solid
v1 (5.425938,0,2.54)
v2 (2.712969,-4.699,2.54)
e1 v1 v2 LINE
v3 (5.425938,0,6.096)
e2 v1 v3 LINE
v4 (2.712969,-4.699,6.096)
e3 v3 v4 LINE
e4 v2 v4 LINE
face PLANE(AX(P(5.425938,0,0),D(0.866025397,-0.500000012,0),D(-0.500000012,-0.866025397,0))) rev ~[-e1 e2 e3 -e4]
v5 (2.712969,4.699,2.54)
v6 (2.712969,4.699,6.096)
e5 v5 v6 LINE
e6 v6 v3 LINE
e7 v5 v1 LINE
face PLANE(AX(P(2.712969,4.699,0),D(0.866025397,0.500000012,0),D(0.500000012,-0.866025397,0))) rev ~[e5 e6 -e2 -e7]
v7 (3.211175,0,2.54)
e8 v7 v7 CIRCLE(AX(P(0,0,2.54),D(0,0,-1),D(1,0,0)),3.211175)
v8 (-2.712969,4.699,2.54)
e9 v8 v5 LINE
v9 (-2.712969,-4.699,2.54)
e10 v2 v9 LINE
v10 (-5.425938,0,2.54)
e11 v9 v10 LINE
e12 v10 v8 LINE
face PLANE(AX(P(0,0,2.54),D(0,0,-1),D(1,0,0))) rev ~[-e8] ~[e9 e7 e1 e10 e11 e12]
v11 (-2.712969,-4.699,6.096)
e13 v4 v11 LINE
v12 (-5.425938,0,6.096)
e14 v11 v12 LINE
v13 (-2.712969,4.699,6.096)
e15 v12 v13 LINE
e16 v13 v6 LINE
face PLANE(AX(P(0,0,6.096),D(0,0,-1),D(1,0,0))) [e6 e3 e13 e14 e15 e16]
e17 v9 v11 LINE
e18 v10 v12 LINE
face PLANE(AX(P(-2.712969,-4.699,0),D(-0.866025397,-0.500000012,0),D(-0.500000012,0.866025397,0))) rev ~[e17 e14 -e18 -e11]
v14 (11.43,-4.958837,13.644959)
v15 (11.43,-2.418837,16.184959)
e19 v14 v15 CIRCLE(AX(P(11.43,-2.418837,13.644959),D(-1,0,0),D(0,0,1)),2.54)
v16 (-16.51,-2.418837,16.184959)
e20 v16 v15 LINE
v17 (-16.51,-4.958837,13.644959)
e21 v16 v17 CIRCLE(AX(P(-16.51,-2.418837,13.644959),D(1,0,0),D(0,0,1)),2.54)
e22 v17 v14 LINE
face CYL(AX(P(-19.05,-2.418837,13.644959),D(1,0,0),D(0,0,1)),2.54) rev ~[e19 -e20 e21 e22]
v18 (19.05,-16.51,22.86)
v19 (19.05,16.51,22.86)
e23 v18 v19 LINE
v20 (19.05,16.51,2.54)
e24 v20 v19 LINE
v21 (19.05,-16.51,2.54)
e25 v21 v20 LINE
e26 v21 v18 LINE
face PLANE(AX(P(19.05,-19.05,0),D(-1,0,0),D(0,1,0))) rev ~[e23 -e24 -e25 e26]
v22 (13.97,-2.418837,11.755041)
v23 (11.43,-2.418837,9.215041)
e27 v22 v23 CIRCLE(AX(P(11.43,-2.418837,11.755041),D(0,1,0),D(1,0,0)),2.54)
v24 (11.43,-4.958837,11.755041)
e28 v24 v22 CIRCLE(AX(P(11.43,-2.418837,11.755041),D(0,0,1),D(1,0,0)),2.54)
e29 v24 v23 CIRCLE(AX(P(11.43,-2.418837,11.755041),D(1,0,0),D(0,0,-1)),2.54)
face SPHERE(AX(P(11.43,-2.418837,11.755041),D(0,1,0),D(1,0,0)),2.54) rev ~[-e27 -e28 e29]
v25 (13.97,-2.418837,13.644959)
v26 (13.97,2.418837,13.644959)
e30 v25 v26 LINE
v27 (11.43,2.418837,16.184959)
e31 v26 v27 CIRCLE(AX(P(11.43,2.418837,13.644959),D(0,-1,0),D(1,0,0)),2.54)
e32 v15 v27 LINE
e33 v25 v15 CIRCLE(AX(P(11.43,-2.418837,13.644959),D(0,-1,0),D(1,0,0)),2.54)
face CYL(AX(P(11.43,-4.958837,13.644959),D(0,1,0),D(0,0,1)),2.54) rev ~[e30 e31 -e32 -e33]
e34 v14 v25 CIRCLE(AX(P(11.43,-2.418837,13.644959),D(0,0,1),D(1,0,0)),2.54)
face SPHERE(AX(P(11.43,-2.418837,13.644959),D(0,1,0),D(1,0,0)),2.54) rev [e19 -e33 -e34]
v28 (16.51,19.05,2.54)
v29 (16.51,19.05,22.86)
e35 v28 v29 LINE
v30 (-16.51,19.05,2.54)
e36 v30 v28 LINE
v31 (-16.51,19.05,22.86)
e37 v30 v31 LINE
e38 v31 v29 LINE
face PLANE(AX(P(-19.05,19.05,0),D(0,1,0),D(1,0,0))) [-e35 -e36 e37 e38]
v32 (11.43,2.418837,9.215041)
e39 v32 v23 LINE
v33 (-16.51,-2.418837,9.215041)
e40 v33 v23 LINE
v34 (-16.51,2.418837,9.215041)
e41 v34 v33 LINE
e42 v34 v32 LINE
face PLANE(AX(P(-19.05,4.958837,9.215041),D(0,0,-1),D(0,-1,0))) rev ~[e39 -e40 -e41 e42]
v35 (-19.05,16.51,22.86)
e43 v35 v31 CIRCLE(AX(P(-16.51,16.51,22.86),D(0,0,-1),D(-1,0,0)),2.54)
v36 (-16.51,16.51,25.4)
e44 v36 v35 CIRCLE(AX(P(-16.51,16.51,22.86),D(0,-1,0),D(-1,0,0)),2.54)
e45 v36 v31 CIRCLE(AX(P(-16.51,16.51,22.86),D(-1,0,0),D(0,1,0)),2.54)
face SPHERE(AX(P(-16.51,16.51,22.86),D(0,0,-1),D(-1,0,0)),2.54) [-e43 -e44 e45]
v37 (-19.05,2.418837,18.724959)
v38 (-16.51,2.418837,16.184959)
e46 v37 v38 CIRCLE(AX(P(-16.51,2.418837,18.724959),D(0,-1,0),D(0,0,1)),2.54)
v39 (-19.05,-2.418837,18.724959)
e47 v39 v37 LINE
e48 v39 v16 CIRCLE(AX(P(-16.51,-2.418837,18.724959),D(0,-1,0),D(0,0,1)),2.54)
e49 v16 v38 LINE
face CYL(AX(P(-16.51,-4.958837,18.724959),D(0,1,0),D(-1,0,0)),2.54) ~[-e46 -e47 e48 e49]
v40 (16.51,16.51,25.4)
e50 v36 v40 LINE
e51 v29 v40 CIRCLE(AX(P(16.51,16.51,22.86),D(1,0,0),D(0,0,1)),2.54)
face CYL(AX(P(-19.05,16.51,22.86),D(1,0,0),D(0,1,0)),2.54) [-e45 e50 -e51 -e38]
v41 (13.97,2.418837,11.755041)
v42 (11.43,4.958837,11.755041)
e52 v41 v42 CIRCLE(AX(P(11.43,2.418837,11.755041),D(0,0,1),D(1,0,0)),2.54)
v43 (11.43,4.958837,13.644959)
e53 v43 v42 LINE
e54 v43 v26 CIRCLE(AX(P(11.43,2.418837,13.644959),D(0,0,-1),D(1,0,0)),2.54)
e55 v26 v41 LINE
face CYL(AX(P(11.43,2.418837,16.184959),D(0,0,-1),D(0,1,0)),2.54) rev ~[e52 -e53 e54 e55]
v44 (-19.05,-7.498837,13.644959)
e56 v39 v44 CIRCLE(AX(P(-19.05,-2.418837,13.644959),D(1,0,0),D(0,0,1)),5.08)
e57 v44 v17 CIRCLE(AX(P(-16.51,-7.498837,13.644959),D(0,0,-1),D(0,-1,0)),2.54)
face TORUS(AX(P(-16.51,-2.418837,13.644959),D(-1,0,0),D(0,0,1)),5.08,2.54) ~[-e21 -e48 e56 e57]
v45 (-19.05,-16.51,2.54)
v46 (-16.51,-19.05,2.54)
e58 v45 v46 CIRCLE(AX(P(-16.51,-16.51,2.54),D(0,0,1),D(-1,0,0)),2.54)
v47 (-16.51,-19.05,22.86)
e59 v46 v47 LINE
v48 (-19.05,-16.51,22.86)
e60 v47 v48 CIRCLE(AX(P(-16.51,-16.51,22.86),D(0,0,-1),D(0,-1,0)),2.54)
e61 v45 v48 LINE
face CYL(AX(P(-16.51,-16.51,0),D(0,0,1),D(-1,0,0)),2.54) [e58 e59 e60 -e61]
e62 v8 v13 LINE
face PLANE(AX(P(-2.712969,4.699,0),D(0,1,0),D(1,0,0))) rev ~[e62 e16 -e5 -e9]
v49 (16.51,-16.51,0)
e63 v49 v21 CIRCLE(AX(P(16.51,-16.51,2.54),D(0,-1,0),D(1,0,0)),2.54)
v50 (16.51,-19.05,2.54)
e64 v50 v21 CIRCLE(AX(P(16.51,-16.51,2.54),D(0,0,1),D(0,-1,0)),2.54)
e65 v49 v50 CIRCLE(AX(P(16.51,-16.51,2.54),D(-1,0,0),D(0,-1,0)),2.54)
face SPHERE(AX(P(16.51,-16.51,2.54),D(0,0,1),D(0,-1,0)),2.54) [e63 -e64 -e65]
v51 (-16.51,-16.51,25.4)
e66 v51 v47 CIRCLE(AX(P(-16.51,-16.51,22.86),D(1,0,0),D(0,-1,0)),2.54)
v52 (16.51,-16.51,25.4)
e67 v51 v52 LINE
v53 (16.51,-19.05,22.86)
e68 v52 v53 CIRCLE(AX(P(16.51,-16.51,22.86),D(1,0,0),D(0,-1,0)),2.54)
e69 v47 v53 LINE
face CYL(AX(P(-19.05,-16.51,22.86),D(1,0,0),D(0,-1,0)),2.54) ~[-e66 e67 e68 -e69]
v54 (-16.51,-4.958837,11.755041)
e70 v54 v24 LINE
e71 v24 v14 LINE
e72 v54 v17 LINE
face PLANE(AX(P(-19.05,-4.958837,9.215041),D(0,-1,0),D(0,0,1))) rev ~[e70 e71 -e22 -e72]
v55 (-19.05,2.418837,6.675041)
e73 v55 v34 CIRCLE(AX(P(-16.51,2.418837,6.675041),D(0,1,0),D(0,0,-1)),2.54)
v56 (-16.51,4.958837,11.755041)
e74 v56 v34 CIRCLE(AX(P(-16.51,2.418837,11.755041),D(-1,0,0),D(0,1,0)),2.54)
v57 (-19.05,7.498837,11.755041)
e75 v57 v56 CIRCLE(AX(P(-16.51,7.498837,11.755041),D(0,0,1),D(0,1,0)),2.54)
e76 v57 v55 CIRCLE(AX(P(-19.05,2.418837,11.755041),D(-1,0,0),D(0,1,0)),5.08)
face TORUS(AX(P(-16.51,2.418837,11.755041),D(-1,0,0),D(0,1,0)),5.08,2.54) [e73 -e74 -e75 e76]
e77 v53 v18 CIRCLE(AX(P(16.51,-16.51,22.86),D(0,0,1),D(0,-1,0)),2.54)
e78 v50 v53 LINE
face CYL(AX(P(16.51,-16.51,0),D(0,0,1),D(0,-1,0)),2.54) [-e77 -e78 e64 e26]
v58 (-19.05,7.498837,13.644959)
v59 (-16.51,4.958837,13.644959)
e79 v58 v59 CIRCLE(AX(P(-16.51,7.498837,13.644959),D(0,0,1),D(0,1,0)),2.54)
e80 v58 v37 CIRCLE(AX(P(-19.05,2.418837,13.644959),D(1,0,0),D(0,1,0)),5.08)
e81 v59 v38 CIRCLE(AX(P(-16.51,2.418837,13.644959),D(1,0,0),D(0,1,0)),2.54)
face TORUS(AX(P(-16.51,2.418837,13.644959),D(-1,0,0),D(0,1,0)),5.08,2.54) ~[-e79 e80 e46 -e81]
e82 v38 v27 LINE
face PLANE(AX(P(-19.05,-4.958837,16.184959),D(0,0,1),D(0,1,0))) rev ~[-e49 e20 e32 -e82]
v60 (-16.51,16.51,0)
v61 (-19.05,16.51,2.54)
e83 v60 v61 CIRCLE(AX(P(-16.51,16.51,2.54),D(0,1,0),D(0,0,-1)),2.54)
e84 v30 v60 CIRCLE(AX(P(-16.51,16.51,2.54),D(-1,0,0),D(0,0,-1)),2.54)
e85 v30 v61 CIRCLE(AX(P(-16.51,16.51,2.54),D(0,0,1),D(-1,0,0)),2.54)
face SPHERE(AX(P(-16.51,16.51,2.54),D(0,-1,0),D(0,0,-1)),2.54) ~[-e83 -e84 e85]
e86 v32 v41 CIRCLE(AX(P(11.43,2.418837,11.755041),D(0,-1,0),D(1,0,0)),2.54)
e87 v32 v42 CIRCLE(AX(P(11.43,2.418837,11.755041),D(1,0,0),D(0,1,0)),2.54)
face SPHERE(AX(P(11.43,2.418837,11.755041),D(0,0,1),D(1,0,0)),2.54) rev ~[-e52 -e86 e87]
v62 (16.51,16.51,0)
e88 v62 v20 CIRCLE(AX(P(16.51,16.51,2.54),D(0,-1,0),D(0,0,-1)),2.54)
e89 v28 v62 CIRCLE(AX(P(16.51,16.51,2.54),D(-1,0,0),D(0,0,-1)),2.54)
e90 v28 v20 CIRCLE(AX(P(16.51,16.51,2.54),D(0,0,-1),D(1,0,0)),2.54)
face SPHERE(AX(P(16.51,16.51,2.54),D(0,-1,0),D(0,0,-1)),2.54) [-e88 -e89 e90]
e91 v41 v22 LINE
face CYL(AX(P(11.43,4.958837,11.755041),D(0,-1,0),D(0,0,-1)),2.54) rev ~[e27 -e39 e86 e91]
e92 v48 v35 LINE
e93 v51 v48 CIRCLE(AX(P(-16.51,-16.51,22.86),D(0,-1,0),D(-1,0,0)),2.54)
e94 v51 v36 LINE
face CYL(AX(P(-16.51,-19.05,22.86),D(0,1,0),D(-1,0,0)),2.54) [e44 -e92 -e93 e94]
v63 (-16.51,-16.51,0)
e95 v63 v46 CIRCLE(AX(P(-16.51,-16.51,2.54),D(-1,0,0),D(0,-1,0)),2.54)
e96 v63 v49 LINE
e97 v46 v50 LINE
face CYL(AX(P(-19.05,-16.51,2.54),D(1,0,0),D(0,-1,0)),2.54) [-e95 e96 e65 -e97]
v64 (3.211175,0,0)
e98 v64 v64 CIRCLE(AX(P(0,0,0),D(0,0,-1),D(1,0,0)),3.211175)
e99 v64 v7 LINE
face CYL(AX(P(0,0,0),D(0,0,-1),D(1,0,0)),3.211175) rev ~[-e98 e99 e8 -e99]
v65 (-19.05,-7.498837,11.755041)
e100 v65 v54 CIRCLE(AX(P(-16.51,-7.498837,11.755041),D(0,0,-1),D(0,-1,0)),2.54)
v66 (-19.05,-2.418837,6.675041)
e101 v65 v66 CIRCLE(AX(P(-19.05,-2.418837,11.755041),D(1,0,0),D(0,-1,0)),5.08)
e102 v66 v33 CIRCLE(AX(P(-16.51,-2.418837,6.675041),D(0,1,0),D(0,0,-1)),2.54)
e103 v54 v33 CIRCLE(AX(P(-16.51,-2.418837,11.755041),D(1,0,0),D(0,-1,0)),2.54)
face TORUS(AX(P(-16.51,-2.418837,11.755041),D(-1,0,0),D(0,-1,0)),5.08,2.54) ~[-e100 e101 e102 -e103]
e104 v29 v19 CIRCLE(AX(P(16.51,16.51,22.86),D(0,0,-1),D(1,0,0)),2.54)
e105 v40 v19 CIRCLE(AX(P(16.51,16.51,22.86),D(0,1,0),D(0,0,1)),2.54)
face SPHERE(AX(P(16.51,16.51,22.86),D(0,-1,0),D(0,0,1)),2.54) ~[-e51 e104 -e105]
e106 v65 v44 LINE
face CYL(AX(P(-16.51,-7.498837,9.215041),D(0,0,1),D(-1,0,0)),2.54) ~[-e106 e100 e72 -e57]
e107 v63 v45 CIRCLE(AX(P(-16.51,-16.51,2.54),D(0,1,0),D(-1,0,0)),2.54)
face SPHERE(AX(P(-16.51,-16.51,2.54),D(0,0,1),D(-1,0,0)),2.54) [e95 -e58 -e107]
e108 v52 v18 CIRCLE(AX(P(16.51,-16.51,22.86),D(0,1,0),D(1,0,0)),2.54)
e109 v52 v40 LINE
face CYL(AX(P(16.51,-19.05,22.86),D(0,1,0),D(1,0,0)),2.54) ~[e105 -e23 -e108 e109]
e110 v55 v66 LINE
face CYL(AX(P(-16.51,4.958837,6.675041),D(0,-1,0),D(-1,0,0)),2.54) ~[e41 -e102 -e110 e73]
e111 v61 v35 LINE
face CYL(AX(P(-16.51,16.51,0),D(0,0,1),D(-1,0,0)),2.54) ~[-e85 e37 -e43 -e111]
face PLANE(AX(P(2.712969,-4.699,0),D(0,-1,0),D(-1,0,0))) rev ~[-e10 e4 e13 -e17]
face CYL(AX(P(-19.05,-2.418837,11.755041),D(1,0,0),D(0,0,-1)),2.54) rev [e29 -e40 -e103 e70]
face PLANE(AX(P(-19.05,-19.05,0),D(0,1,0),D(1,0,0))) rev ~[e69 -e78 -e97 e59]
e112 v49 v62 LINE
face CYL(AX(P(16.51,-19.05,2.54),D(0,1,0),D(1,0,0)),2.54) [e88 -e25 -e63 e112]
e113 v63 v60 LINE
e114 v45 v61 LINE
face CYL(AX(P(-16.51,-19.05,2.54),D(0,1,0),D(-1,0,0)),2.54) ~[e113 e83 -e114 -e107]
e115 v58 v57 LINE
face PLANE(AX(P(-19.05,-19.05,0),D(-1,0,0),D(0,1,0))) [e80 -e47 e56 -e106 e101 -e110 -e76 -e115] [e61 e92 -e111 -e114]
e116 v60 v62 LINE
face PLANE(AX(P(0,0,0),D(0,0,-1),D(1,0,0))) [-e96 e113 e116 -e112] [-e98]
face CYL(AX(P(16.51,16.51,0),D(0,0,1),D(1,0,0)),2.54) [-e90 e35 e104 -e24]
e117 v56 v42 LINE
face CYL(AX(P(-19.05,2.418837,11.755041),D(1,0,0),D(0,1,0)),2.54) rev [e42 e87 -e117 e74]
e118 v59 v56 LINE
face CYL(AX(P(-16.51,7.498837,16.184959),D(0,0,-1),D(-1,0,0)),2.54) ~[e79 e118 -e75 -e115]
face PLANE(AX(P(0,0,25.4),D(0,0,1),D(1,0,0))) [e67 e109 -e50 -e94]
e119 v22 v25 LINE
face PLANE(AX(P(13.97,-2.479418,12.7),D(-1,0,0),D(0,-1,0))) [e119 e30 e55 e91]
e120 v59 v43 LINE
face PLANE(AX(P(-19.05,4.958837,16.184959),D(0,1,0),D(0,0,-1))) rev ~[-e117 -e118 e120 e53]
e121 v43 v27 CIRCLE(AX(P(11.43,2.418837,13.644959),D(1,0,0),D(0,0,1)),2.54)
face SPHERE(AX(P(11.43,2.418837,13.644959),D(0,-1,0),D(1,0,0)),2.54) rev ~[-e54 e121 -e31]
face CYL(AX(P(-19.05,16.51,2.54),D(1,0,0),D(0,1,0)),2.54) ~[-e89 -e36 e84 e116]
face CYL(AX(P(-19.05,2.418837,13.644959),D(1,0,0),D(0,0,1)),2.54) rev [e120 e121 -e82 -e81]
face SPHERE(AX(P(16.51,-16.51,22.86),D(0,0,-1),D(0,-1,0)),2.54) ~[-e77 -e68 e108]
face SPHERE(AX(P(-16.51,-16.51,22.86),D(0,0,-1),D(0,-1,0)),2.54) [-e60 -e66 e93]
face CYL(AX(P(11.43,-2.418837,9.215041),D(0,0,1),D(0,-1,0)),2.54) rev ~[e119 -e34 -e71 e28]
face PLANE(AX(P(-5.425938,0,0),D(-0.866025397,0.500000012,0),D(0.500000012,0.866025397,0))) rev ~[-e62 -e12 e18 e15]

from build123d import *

# Parameters (mm, degrees)
F0_W      = 38.1
F0_H      = 38.1
F1_DEPTH  = 25.4
F2_R      = 2.54
F4_DEPTH  = 33.02
F6_DEPTH  = 6.096
F7_DEPTH  = 2.54
F8_R      = 2.54
F9_R      = 3.211175
F10_DEPTH = 5.08


with BuildPart() as f1:
    # F0 (on Top) → F1 (new body)
    with BuildSketch(Plane.XY):
        Rectangle(F0_W, F0_H)
    extrude(amount=F1_DEPTH)

    # F2
    f2_edges = [f1.edges().sort_by_distance(p)[0] for p in [
        (-19.05, -19.05, 12.7),
        (-19.05, 0, 0),
        (19.05, -19.05, 12.7),
        (0, -19.05, 0),
        (0, -19.05, 25.4),
        (19.05, 0, 0),
        (0, 19.05, 0),
        (-19.05, 19.05, 12.7),
        (-19.05, 0, 25.4),
        (19.05, 0, 25.4),
        (0, 19.05, 25.4),
        (19.05, 19.05, 12.7),
    ]]
    fillet(f2_edges, radius=F2_R)

    # F3 (on face) → F4 (cut)
    with BuildSketch(Plane(origin=(-19.05, 0, 0), x_dir=(0, -1, 0), z_dir=(-1, 0, 0))):
        Polygon((4.958837, 16.184959), (0, 16.184959), (0, 12.7), (0, 9.215041), (4.958837, 9.215041), align=None)
        Polygon((0, 16.184959), (-4.958837, 16.184959), (-4.958837, 9.215041), (0, 9.215041), (0, 12.7), align=None)
    extrude(amount=-F4_DEPTH, mode=Mode.SUBTRACT)

    # F5 (on face) → F6 (cut)
    with BuildSketch(Plane(origin=(0, 0, 0), x_dir=(1, 0, 0), z_dir=(0, 0, -1))):
        Polygon((-2.712969, -4.699), (2.712969, -4.699), (5.425938, 0), (2.712969, 4.699), (-2.712969, 4.699), (-5.425938, 0), align=None)
    extrude(amount=-F6_DEPTH, mode=Mode.SUBTRACT)

    # F5 (on face) → F7 (join)
    with BuildSketch(Plane(origin=(0, 0, 0), x_dir=(1, 0, 0), z_dir=(0, 0, -1))):
        Polygon((-2.712969, -4.699), (2.712969, -4.699), (5.425938, 0), (2.712969, 4.699), (-2.712969, 4.699), (-5.425938, 0), align=None)
    extrude(amount=-F7_DEPTH)

    # F8
    f8_edges = [f1.edges().sort_by_distance(p)[0] for p in [
        (13.97, 0, 16.184959),
        (13.97, 4.958837, 12.7),
        (13.97, 0, 9.215041),
        (13.97, -4.958837, 12.7),
        (-2.54, 4.958837, 16.184959),
        (-2.54, 4.958837, 9.215041),
        (-19.05, 4.958837, 12.7),
        (-2.54, -4.958837, 16.184959),
        (-19.05, 0, 16.184959),
        (-2.54, -4.958837, 9.215041),
        (-19.05, -4.958837, 12.7),
        (-19.05, 0, 9.215041),
    ]]
    fillet(f8_edges, radius=F8_R)

    # F9 (on face) → F10 (cut)
    with BuildSketch(Plane(origin=(0, 0, 0), x_dir=(1, 0, 0), z_dir=(0, 0, -1))):
        Circle(F9_R)
    extrude(amount=-F10_DEPTH, mode=Mode.SUBTRACT)


solid = f1.part
